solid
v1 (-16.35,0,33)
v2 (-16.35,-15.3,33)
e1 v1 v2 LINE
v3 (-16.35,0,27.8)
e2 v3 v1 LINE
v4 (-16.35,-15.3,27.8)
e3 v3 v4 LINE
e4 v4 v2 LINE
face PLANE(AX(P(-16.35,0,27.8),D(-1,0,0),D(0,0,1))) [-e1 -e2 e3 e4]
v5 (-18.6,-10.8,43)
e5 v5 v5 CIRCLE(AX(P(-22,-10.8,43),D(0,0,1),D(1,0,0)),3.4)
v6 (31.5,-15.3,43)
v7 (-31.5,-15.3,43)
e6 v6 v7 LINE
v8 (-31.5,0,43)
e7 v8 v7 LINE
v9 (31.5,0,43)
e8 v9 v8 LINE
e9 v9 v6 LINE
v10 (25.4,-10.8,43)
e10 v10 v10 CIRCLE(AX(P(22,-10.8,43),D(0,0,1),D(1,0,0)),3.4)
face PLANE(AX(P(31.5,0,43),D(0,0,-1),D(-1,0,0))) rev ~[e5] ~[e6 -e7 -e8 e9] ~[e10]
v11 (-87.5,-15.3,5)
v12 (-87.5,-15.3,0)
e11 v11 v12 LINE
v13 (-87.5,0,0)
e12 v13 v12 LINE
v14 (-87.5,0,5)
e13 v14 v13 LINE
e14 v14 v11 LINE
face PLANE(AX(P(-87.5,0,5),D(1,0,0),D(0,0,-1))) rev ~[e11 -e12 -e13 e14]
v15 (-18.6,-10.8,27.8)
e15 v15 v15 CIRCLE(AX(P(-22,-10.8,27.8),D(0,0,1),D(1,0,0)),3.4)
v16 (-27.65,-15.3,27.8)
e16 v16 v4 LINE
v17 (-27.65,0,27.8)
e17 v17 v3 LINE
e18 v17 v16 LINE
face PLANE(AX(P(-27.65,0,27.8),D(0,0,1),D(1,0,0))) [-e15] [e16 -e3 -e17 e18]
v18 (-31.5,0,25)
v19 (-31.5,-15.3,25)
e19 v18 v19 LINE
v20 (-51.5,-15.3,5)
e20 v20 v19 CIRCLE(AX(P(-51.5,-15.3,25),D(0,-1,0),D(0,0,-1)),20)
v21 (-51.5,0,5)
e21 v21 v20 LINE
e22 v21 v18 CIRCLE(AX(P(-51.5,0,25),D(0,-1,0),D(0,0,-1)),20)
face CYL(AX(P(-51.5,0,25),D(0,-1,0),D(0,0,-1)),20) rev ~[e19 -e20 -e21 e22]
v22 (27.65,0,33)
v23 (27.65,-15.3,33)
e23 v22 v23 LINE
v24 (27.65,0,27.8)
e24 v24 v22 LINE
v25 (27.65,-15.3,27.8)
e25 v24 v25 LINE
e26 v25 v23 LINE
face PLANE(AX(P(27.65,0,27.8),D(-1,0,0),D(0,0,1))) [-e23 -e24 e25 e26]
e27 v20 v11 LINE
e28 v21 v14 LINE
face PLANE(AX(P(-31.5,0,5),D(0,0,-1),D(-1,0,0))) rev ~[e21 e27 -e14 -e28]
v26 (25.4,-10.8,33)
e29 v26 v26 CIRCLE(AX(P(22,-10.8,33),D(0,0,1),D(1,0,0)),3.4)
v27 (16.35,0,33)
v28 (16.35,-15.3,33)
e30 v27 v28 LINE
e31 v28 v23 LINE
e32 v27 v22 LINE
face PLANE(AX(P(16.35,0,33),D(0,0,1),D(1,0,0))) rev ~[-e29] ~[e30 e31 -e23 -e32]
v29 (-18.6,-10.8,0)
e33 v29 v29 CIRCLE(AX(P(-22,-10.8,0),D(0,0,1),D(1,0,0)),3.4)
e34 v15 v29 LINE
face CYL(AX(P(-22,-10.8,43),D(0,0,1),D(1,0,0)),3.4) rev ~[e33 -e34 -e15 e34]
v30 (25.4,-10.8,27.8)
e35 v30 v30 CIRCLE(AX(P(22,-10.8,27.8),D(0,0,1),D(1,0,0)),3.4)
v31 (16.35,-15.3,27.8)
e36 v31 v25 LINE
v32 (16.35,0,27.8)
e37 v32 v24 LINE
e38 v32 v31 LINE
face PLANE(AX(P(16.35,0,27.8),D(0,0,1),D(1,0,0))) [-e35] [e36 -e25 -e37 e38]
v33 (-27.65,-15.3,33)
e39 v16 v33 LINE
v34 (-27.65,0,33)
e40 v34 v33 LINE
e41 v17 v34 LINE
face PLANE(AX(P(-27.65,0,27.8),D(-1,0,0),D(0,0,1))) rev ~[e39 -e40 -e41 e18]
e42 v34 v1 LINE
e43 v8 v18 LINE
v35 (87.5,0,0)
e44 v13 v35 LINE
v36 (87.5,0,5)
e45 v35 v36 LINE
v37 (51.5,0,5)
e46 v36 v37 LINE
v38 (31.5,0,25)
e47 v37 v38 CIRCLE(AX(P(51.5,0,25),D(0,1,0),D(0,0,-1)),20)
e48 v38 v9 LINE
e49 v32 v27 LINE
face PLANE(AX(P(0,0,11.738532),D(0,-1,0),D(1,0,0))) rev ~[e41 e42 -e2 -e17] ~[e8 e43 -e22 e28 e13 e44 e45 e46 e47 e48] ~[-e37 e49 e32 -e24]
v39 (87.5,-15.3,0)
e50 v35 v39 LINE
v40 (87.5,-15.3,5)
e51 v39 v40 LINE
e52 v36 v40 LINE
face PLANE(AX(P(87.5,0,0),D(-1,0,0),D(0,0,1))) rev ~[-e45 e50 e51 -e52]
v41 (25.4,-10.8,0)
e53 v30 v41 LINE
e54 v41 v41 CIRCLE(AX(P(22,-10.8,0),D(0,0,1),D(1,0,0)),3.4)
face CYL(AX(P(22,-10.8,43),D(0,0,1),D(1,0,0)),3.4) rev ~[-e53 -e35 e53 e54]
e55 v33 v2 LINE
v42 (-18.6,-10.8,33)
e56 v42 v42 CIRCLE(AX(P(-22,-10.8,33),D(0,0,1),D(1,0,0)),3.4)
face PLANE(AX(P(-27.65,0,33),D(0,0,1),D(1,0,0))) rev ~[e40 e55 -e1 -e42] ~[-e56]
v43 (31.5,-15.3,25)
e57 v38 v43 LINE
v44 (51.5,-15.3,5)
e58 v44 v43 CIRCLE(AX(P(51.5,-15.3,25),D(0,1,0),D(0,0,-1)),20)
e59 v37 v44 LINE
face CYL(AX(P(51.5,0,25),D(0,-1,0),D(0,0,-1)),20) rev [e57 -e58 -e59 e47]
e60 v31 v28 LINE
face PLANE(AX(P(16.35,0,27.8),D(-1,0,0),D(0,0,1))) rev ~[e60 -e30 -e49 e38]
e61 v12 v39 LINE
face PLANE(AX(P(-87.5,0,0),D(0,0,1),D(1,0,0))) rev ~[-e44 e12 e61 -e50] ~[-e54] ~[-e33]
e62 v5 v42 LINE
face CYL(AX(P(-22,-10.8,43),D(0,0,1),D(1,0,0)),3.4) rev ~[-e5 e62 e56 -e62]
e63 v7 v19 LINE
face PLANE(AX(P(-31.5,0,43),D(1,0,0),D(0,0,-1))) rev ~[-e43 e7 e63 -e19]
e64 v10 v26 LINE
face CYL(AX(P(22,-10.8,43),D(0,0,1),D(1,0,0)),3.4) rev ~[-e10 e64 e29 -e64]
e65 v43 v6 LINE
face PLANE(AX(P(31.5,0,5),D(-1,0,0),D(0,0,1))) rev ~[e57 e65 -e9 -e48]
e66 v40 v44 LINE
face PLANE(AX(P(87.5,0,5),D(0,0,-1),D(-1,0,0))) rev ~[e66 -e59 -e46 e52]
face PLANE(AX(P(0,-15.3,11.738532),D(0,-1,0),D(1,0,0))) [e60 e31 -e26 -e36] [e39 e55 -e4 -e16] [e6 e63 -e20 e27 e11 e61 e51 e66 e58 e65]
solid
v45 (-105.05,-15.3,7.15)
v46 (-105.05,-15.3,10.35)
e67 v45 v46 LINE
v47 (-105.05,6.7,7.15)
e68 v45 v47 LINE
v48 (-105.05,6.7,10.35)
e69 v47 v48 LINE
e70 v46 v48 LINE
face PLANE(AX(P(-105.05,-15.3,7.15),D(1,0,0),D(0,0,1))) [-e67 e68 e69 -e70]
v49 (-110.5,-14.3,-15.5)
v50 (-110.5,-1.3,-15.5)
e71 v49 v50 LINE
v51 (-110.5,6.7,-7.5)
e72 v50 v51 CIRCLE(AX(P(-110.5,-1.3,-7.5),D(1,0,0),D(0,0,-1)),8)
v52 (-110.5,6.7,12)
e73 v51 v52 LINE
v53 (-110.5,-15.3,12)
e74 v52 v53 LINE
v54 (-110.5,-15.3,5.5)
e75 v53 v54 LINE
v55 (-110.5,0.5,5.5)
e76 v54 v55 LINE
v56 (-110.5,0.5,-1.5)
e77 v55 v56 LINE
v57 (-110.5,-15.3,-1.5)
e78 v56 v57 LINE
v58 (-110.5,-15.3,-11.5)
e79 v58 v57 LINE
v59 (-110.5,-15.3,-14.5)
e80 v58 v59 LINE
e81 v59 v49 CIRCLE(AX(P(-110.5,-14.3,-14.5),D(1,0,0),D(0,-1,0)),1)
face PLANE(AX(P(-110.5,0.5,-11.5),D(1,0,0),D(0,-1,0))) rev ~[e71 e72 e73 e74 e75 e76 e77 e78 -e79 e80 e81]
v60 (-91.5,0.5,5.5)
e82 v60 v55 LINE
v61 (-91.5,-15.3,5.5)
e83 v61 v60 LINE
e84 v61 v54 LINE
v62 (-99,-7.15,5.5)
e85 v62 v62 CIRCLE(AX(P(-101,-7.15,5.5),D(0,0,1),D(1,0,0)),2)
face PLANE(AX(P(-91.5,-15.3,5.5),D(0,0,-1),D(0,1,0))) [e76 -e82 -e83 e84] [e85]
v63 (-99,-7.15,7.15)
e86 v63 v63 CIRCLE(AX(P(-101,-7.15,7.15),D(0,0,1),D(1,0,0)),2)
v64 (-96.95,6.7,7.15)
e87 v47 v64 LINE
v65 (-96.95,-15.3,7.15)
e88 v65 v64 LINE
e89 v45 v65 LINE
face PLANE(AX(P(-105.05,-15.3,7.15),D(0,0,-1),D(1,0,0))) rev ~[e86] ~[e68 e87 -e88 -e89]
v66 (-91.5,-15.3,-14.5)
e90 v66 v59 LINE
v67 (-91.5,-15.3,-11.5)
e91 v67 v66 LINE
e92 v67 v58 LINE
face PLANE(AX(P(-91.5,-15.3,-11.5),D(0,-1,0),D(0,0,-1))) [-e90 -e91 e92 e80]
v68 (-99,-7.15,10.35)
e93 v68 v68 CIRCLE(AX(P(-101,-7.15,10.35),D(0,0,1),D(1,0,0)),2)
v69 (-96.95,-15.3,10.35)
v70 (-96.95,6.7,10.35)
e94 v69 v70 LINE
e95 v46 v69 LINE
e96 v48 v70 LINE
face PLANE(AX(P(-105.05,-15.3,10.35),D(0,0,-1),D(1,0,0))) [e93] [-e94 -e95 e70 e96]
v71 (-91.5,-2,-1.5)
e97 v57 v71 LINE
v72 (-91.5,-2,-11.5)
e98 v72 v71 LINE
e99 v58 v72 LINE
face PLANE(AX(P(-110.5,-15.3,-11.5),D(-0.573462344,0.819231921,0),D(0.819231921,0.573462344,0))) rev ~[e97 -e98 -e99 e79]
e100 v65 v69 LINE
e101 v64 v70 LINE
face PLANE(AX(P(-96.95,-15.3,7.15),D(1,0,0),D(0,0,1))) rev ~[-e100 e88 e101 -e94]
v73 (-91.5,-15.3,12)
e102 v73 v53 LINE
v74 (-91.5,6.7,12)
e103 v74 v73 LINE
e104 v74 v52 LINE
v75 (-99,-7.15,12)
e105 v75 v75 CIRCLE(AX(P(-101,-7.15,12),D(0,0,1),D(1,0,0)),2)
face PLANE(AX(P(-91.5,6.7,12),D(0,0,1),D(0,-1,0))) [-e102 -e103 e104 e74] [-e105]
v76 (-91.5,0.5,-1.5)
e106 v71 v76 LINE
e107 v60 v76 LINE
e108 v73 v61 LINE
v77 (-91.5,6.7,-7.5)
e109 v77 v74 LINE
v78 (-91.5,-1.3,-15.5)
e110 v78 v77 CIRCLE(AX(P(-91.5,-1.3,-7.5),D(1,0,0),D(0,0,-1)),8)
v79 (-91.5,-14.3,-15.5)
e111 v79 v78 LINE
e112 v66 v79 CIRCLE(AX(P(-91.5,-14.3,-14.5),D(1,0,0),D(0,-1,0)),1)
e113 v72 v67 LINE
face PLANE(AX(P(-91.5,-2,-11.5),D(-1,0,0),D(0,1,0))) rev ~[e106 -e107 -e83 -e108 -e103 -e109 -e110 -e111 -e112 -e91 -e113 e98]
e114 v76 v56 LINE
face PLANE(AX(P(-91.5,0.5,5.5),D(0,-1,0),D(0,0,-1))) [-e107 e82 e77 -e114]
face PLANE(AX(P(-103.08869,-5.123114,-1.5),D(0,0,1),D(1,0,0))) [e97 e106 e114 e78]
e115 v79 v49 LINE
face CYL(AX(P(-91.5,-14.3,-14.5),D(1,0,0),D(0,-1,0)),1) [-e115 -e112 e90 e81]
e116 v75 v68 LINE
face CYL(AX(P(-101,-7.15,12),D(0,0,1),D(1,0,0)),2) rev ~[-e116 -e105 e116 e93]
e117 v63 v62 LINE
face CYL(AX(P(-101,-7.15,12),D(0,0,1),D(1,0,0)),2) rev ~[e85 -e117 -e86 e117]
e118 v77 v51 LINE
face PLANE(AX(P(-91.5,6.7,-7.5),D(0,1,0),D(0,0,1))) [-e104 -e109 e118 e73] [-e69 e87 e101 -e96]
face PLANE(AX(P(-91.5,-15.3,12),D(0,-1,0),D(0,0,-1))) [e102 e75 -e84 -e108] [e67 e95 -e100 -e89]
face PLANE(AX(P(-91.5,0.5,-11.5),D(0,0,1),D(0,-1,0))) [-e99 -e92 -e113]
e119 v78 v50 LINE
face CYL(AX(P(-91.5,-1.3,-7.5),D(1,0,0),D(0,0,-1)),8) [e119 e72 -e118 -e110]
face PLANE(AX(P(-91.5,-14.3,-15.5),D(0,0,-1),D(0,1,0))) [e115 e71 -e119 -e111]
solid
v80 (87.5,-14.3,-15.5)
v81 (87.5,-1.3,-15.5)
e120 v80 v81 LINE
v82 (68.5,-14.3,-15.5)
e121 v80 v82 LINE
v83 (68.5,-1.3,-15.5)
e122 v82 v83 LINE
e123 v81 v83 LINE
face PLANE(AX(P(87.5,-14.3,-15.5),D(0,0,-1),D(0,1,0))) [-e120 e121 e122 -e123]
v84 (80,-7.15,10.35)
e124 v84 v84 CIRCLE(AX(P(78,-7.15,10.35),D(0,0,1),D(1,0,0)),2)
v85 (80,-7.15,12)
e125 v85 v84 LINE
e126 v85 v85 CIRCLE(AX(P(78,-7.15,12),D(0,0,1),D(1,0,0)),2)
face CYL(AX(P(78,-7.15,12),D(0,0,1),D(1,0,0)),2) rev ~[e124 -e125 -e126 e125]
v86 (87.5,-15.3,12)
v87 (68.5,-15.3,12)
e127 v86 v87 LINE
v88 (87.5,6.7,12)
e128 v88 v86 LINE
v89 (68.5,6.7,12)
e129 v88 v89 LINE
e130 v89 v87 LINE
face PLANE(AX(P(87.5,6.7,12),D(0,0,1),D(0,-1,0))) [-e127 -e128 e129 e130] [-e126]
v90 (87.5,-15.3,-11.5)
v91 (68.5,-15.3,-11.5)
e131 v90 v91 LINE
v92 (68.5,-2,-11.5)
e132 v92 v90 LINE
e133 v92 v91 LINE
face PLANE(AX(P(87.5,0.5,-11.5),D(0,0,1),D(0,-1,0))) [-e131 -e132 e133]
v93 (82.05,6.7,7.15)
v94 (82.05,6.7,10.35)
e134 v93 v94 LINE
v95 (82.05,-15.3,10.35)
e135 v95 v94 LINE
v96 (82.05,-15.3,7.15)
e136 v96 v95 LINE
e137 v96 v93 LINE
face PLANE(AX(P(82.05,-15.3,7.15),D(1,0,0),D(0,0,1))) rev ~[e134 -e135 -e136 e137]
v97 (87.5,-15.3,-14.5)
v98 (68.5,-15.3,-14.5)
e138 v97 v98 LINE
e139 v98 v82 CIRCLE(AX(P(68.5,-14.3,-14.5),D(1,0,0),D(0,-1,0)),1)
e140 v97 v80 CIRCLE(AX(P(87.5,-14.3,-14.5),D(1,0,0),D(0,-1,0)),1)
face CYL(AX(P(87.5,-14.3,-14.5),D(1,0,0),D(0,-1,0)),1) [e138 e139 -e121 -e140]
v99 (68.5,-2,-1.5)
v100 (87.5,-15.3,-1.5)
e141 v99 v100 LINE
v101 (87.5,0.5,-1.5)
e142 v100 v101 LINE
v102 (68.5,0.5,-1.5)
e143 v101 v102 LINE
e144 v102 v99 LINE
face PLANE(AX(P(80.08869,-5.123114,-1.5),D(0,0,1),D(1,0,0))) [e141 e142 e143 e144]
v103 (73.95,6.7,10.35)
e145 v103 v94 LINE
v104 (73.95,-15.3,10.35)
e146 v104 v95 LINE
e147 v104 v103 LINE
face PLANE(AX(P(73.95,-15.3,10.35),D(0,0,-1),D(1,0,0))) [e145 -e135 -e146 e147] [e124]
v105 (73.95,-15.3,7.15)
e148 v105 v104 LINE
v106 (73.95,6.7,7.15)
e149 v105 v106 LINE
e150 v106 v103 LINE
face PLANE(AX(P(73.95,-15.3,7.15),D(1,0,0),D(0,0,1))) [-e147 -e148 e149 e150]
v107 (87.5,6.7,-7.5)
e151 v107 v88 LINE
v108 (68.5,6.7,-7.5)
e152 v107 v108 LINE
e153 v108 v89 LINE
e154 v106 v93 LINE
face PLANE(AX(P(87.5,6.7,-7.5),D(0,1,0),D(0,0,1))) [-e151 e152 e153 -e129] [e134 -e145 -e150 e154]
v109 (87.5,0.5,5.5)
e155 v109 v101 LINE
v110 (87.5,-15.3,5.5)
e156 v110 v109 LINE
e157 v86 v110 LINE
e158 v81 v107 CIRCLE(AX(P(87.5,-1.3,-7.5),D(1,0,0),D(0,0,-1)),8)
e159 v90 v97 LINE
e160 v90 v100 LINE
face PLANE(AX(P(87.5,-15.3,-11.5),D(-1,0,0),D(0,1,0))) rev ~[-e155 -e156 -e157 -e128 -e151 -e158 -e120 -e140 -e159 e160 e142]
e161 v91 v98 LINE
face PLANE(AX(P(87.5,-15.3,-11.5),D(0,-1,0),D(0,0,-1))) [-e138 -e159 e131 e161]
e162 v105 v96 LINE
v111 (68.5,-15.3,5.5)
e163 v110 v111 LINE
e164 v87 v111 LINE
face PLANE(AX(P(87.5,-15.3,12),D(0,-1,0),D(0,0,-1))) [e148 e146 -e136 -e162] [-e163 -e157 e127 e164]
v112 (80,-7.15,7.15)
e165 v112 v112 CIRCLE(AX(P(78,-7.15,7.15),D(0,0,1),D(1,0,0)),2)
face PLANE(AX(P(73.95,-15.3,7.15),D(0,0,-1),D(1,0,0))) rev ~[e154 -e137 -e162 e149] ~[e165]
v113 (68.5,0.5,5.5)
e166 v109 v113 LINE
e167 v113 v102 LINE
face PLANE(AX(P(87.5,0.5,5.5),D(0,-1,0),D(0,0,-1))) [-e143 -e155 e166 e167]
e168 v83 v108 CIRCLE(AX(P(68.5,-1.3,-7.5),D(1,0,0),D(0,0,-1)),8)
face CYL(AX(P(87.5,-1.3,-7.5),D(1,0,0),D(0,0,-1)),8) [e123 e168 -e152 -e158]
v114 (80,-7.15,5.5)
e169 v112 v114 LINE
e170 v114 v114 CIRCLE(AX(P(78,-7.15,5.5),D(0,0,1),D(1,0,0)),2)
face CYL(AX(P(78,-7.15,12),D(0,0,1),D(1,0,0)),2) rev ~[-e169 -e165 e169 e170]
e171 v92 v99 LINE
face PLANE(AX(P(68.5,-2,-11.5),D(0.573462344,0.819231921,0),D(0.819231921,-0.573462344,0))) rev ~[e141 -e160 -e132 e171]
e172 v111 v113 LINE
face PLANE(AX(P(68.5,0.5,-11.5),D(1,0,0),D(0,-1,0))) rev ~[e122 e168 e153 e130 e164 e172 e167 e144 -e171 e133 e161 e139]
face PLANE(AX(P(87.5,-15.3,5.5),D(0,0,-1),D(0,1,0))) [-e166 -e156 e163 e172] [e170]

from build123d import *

# Parameters (mm, degrees)
F0_W      = 11.3
F0_H      = 5.2
F1_DEPTH  = 15.3
F2_R      = 3.4
F3_DEPTH  = 43
F5_DEPTH  = 19
F6_W      = 8.1
F6_H      = 3.2
F7_DEPTH  = 22
F8_R      = 2
F9_DEPTH  = 6.5
F12_DEPTH = 10
F14_DEPTH = 10
F15_R     = 20


with BuildPart() as f1:
    # F0 (on Front) → F1 (new body)
    with BuildSketch(Plane.XZ):
        Polygon((-87.5, 5), (-87.5, 0), (87.5, 0), (87.5, 5), (31.5, 5), (31.5, 43), (-31.5, 43), (-31.5, 5), align=None)
        with Locations((-22, 30.4)):
            Rectangle(F0_W, F0_H, mode=Mode.SUBTRACT)
        with Locations((22, 30.4)):
            Rectangle(F0_W, F0_H, mode=Mode.SUBTRACT)
    extrude(amount=F1_DEPTH)

    # F2 (on face) → F3 (cut, through all)
    with BuildSketch(Plane.XY.offset(43)):
        with Locations((-22, -10.8)):
            Circle(F2_R)
        with Locations((22, -10.8)):
            Circle(F2_R)
    extrude(amount=-F3_DEPTH, mode=Mode.SUBTRACT)

    # F15
    f15_edges = [f1.edges().sort_by_distance(p)[0] for p in [
        (31.5, -7.65, 5),
        (-31.5, -7.65, 5),
    ]]
    fillet(f15_edges, radius=F15_R)


with BuildPart() as f5:
    # F4 (on face) → F5 (new body)
    with BuildSketch(Plane.YZ.offset(87.5)):
        with BuildLine():
            Line((6.7, 12), (-15.3, 12))
            Line((-15.3, 12), (-15.3, 5.5))
            Line((-15.3, 5.5), (0.5, 5.5))
            Line((0.5, 5.5), (0.5, -11.5))
            Line((0.5, -11.5), (-15.3, -11.5))
            Line((-15.3, -11.5), (-15.3, -14.5))
            ThreePointArc((-15.3, -14.5), (-15.0071067812, -15.2071067812), (-14.3, -15.5))
            Line((-14.3, -15.5), (-1.3, -15.5))
            ThreePointArc((-1.3, -15.5), (4.3568542495, -13.1568542495), (6.7, -7.5))
            Line((6.7, -7.5), (6.7, 12))
        make_face()
    extrude(amount=-F5_DEPTH)

    # F6 (on face) → F7 (cut, through all)
    with BuildSketch(Plane.XZ.offset(15.3)):
        with Locations((78, 8.75)):
            Rectangle(F6_W, F6_H)
    extrude(amount=-F7_DEPTH, mode=Mode.SUBTRACT)

    # F8 (on face) → F9 (cut, through all)
    with BuildSketch(Plane.XY.offset(12)):
        with Locations((78, -7.15)):
            Circle(F8_R)
    extrude(amount=-F9_DEPTH, mode=Mode.SUBTRACT)


with BuildPart() as f10_1:
    # F10: copy of F5
    add(f5.part.moved(Location((-179, 0, 0))))

    # F13 (on face) → F14 (join)
    with BuildSketch(Plane.XY.offset(-11.5)):
        Polygon((-91.5, -2), (-91.5, 0.5), (-110.5, 0.5), (-110.5, -15.3), align=None)
    extrude(amount=F14_DEPTH)


with BuildPart() as f5_1:
    add(f5.part)

    # F11 (on face) → F12 (join)
    with BuildSketch(Plane.XY.offset(-11.5)):
        Polygon((87.5, 0.5), (68.5, 0.5), (68.5, -2), (87.5, -15.3), align=None)
    extrude(amount=F12_DEPTH)


solid = Compound([f1.part, f10_1.part, f5_1.part])
